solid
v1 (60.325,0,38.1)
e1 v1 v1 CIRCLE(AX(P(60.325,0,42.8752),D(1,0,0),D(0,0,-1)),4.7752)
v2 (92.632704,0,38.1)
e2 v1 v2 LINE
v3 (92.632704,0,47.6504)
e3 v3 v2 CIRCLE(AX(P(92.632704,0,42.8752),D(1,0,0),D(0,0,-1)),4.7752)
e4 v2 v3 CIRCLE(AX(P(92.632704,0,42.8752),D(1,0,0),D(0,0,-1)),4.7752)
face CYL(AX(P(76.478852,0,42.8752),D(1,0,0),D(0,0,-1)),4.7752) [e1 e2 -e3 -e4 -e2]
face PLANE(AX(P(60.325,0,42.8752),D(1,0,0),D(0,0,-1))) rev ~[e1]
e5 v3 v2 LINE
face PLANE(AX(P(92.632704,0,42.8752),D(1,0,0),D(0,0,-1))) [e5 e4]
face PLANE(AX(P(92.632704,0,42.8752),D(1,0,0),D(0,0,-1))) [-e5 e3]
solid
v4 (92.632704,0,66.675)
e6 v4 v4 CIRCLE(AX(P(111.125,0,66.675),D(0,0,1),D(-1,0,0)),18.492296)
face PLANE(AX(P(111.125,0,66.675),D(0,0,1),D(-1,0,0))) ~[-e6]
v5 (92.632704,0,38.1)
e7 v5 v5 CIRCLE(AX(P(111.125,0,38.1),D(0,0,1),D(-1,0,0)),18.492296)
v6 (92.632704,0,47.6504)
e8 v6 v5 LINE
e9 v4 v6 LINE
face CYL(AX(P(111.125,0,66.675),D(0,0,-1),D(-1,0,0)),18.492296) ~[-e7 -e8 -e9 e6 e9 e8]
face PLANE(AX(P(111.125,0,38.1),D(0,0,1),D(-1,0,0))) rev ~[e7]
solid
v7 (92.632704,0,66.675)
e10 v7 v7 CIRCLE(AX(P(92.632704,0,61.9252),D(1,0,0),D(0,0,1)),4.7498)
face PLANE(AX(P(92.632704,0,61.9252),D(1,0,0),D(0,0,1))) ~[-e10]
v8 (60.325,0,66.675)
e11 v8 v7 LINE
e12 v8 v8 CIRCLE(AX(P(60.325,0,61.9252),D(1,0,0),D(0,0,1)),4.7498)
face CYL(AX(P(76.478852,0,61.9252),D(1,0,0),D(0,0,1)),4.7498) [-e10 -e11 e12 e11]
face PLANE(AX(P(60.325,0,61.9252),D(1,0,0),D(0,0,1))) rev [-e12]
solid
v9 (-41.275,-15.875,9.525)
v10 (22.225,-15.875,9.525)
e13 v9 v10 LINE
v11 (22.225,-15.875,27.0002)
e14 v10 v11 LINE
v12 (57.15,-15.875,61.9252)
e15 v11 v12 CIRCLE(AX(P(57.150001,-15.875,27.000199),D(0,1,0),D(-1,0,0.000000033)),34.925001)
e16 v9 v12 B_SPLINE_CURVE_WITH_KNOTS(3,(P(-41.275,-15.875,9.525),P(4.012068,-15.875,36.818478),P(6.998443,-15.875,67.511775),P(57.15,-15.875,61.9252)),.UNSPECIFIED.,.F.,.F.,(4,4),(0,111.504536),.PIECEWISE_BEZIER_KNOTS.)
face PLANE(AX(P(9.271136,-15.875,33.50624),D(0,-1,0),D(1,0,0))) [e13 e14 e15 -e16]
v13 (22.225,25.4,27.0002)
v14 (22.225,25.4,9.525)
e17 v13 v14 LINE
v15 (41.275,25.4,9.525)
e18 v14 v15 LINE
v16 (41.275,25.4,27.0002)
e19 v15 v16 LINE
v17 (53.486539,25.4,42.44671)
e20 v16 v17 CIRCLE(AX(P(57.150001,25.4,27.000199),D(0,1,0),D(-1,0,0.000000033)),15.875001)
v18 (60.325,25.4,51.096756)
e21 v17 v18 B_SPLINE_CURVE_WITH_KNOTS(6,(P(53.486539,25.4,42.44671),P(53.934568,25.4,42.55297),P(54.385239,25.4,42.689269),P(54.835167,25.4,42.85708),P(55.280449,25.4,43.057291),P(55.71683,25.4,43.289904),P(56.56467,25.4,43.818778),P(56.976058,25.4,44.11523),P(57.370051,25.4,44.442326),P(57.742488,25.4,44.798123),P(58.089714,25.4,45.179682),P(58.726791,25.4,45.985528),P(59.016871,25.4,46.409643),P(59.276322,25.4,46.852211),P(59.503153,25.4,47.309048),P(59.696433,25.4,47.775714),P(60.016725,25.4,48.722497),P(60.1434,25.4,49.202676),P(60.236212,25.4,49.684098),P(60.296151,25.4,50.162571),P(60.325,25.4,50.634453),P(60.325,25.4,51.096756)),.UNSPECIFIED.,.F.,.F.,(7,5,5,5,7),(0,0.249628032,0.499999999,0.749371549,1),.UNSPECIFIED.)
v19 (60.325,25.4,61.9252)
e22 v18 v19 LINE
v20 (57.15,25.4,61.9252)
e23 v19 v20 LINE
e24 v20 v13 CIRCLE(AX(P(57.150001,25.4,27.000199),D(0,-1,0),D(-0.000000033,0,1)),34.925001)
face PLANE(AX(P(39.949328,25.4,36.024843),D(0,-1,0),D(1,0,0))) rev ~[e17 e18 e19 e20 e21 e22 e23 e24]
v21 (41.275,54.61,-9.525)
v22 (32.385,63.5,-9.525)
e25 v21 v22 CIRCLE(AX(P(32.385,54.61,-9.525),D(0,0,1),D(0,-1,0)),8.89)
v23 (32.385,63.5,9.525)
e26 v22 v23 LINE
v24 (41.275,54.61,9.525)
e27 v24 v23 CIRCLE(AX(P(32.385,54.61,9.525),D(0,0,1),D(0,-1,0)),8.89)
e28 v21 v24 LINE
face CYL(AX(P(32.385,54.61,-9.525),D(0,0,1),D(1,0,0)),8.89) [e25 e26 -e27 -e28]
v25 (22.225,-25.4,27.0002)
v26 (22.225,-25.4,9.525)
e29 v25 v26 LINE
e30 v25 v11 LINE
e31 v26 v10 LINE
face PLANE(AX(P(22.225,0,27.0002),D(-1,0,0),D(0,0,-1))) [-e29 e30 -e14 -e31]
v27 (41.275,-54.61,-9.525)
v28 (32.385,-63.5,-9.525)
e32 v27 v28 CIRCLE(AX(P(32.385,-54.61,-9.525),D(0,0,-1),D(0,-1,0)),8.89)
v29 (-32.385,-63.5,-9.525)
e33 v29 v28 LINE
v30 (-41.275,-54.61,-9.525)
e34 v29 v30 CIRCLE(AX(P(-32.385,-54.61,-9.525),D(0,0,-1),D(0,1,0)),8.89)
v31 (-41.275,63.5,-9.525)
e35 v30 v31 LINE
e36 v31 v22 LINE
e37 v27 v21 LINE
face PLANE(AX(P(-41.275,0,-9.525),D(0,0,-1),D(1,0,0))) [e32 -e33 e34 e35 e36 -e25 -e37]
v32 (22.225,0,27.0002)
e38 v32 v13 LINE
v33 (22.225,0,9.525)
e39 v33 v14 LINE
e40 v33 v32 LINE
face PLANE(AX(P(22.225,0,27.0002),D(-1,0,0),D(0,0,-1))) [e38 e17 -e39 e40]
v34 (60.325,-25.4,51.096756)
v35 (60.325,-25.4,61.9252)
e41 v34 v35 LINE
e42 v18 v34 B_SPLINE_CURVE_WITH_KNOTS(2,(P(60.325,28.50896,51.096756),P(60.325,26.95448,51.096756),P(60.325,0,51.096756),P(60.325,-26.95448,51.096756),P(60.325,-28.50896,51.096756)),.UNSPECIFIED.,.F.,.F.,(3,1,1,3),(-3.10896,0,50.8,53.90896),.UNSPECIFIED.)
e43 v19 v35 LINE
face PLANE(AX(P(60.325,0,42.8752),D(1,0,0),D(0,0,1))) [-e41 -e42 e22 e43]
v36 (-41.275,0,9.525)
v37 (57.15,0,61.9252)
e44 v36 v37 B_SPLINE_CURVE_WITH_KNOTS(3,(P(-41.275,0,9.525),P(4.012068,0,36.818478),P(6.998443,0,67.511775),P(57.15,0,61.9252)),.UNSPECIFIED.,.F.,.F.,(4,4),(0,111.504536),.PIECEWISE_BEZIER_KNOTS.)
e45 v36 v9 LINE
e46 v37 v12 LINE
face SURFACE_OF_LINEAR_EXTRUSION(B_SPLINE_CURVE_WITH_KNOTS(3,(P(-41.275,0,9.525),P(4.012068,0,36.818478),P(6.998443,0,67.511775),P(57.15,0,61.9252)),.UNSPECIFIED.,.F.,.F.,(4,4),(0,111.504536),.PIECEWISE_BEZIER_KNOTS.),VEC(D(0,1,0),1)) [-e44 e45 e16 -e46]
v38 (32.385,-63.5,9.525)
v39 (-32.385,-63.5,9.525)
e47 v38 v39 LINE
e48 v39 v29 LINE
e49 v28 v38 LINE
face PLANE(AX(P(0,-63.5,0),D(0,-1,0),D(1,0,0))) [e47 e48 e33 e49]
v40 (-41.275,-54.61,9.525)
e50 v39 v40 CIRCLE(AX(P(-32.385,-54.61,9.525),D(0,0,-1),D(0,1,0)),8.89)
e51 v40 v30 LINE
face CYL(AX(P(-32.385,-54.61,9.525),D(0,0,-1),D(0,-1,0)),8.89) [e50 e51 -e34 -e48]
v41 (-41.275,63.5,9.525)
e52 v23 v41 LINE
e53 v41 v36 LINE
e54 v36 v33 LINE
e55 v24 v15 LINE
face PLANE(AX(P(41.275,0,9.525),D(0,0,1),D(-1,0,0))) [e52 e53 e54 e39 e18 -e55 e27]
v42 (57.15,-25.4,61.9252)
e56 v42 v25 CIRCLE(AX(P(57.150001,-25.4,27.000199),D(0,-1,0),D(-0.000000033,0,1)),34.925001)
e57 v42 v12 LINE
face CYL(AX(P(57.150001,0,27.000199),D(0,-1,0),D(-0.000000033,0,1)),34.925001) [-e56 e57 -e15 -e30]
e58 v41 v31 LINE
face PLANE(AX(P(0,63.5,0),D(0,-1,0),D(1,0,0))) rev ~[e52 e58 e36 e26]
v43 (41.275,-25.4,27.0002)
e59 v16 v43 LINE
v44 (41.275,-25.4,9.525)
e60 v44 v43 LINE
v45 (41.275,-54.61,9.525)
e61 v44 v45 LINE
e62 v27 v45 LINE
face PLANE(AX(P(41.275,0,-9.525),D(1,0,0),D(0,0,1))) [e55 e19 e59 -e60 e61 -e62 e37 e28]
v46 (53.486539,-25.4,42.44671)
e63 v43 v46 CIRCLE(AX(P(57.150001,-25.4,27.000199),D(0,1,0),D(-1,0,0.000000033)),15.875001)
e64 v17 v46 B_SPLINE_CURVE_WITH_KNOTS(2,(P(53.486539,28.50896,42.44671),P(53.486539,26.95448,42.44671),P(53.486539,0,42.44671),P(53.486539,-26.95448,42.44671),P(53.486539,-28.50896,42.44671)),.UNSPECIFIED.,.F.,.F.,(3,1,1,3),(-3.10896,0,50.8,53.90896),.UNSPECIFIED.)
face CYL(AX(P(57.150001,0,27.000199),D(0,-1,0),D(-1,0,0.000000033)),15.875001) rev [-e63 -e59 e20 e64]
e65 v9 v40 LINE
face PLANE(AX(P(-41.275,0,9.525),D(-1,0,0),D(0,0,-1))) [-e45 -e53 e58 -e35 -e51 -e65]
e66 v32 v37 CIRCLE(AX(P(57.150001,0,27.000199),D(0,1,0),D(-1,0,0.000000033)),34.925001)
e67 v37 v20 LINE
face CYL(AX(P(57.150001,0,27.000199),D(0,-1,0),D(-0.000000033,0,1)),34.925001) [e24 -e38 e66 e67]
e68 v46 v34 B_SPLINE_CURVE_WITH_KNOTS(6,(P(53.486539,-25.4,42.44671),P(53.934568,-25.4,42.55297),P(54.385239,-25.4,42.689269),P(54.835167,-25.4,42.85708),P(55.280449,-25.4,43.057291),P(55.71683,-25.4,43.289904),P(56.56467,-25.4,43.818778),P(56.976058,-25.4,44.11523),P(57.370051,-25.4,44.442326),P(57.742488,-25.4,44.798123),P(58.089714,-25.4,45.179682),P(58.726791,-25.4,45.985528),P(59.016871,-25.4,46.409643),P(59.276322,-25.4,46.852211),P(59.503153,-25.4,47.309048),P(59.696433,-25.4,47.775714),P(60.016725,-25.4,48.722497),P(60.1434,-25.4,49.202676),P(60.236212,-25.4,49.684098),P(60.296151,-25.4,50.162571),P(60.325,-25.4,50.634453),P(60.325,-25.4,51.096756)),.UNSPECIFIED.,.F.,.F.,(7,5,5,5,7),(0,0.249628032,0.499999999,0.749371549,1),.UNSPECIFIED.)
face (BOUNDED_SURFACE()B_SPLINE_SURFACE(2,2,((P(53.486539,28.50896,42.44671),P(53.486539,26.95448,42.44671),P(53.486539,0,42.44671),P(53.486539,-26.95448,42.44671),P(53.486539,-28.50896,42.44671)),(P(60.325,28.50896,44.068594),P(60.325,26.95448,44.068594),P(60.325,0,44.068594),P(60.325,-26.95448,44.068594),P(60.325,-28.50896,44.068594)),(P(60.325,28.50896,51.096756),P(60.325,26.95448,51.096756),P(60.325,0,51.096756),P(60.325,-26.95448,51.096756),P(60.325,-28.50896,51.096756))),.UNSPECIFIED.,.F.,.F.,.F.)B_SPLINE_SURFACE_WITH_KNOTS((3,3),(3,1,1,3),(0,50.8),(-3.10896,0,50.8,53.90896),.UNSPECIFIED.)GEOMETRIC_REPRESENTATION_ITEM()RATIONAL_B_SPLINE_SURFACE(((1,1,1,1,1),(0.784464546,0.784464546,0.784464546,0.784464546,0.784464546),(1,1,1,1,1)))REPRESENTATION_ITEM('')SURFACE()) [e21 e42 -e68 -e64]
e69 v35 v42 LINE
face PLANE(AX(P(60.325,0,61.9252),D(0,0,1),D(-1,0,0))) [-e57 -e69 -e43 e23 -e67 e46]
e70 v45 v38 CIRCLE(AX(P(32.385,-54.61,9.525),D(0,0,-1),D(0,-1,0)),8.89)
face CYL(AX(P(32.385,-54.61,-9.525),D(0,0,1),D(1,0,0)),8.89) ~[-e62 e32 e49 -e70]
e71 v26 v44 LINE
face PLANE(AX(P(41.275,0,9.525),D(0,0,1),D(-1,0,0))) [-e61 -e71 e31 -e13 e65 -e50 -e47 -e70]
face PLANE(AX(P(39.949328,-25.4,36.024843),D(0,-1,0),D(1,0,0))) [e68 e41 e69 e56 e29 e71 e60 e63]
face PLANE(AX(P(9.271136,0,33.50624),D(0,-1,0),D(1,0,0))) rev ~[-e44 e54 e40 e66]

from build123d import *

# Parameters (mm, degrees)
F1_DEPTH = 63.5
F2_DEPTH = 25.4
F3_DEPTH = 15.875
F5_R     = 8.89
F0_W     = 32.307704
F0_H     = 4.7752
F0_H_2   = 4.7498


with BuildPart() as f1:
    # F0 (on Front) → F1 (new body, symmetric)
    with BuildSketch(Plane.XZ):
        Polygon((41.275, -9.525), (41.275, 9.525), (22.225, 9.525), (-41.275, 9.525), (-41.275, -9.525), align=None)
    extrude(amount=F1_DEPTH, both=True)

    # F0 (on Front) → F2 (join, symmetric)
    with BuildSketch(Plane.XZ):
        with BuildLine():
            Line((22.225, 9.525), (41.275, 9.525))
            Line((41.275, 9.525), (41.275, 27.0002))
            ThreePointArc((41.275, 27.0002), (45.92468, 38.22552), (57.15, 42.8752))
            Line((57.15, 42.8752), (60.325, 42.8752))
            Line((60.325, 42.8752), (60.325, 61.9252))
            Line((60.325, 61.9252), (57.15, 61.9252))
            ThreePointArc((57.15, 61.9252), (32.454296, 51.695904), (22.225, 27.0002))
            Line((22.225, 27.0002), (22.225, 9.525))
        make_face()
    extrude(amount=F2_DEPTH, both=True)

    # F0 (on Front) → F3 (join)
    with BuildSketch(Plane.XZ):
        with BuildLine():
            Line((-41.275, 9.525), (22.225, 9.525))
            Line((22.225, 9.525), (22.225, 27.0002))
            ThreePointArc((22.225, 27.0002), (32.454296, 51.695904), (57.15, 61.9252))
            add(Edge.make_bspline(
                [(-41.275, 9.525), (4.012068, 36.818478), (6.998443, 67.511775), (57.15, 61.9252)],
                knots=[0, 0, 0, 0, 111.504536, 111.504536, 111.504536, 111.504536], degree=3))
        make_face()
    extrude(amount=F3_DEPTH)

    # F5
    f5_edges = [f1.edges().sort_by_distance(p)[0] for p in [
        (41.275, -63.5, 0),
        (-41.275, -63.5, 0),
        (41.275, 63.5, 0),
        (60.325, 0, 42.8752),
    ]]
    fillet(f5_edges, radius=F5_R)


with BuildPart() as f4:
    # F0 (on Front) → F4 (revolve)
    with BuildSketch(Plane.XZ):
        Polygon((92.632704, 61.9252), (92.632704, 42.8752), (92.632704, 38.1), (111.125, 38.1), (111.125, 66.675), (92.632704, 66.675), align=None)
    revolve(axis=Axis((111.125, 0, 52.3875), (0, 0, 1)))

    # F0 (on Front) → F6 (revolve)
    with BuildSketch(Plane.XZ):
        with Locations((76.478852, 40.4876)):
            Rectangle(F0_W, F0_H)
    revolve(axis=Axis((74.891352, 0, 42.8752), (1, 0, 0)))


with BuildPart() as f7:
    # F0 (on Front) → F7 (revolve)
    with BuildSketch(Plane.XZ):
        with Locations((76.478852, 64.3001)):
            Rectangle(F0_W, F0_H_2)
    revolve(axis=Axis((74.891352, 0, 61.9252), (1, 0, 0)))


solid = Compound([f1.part, f4.part, f7.part])
